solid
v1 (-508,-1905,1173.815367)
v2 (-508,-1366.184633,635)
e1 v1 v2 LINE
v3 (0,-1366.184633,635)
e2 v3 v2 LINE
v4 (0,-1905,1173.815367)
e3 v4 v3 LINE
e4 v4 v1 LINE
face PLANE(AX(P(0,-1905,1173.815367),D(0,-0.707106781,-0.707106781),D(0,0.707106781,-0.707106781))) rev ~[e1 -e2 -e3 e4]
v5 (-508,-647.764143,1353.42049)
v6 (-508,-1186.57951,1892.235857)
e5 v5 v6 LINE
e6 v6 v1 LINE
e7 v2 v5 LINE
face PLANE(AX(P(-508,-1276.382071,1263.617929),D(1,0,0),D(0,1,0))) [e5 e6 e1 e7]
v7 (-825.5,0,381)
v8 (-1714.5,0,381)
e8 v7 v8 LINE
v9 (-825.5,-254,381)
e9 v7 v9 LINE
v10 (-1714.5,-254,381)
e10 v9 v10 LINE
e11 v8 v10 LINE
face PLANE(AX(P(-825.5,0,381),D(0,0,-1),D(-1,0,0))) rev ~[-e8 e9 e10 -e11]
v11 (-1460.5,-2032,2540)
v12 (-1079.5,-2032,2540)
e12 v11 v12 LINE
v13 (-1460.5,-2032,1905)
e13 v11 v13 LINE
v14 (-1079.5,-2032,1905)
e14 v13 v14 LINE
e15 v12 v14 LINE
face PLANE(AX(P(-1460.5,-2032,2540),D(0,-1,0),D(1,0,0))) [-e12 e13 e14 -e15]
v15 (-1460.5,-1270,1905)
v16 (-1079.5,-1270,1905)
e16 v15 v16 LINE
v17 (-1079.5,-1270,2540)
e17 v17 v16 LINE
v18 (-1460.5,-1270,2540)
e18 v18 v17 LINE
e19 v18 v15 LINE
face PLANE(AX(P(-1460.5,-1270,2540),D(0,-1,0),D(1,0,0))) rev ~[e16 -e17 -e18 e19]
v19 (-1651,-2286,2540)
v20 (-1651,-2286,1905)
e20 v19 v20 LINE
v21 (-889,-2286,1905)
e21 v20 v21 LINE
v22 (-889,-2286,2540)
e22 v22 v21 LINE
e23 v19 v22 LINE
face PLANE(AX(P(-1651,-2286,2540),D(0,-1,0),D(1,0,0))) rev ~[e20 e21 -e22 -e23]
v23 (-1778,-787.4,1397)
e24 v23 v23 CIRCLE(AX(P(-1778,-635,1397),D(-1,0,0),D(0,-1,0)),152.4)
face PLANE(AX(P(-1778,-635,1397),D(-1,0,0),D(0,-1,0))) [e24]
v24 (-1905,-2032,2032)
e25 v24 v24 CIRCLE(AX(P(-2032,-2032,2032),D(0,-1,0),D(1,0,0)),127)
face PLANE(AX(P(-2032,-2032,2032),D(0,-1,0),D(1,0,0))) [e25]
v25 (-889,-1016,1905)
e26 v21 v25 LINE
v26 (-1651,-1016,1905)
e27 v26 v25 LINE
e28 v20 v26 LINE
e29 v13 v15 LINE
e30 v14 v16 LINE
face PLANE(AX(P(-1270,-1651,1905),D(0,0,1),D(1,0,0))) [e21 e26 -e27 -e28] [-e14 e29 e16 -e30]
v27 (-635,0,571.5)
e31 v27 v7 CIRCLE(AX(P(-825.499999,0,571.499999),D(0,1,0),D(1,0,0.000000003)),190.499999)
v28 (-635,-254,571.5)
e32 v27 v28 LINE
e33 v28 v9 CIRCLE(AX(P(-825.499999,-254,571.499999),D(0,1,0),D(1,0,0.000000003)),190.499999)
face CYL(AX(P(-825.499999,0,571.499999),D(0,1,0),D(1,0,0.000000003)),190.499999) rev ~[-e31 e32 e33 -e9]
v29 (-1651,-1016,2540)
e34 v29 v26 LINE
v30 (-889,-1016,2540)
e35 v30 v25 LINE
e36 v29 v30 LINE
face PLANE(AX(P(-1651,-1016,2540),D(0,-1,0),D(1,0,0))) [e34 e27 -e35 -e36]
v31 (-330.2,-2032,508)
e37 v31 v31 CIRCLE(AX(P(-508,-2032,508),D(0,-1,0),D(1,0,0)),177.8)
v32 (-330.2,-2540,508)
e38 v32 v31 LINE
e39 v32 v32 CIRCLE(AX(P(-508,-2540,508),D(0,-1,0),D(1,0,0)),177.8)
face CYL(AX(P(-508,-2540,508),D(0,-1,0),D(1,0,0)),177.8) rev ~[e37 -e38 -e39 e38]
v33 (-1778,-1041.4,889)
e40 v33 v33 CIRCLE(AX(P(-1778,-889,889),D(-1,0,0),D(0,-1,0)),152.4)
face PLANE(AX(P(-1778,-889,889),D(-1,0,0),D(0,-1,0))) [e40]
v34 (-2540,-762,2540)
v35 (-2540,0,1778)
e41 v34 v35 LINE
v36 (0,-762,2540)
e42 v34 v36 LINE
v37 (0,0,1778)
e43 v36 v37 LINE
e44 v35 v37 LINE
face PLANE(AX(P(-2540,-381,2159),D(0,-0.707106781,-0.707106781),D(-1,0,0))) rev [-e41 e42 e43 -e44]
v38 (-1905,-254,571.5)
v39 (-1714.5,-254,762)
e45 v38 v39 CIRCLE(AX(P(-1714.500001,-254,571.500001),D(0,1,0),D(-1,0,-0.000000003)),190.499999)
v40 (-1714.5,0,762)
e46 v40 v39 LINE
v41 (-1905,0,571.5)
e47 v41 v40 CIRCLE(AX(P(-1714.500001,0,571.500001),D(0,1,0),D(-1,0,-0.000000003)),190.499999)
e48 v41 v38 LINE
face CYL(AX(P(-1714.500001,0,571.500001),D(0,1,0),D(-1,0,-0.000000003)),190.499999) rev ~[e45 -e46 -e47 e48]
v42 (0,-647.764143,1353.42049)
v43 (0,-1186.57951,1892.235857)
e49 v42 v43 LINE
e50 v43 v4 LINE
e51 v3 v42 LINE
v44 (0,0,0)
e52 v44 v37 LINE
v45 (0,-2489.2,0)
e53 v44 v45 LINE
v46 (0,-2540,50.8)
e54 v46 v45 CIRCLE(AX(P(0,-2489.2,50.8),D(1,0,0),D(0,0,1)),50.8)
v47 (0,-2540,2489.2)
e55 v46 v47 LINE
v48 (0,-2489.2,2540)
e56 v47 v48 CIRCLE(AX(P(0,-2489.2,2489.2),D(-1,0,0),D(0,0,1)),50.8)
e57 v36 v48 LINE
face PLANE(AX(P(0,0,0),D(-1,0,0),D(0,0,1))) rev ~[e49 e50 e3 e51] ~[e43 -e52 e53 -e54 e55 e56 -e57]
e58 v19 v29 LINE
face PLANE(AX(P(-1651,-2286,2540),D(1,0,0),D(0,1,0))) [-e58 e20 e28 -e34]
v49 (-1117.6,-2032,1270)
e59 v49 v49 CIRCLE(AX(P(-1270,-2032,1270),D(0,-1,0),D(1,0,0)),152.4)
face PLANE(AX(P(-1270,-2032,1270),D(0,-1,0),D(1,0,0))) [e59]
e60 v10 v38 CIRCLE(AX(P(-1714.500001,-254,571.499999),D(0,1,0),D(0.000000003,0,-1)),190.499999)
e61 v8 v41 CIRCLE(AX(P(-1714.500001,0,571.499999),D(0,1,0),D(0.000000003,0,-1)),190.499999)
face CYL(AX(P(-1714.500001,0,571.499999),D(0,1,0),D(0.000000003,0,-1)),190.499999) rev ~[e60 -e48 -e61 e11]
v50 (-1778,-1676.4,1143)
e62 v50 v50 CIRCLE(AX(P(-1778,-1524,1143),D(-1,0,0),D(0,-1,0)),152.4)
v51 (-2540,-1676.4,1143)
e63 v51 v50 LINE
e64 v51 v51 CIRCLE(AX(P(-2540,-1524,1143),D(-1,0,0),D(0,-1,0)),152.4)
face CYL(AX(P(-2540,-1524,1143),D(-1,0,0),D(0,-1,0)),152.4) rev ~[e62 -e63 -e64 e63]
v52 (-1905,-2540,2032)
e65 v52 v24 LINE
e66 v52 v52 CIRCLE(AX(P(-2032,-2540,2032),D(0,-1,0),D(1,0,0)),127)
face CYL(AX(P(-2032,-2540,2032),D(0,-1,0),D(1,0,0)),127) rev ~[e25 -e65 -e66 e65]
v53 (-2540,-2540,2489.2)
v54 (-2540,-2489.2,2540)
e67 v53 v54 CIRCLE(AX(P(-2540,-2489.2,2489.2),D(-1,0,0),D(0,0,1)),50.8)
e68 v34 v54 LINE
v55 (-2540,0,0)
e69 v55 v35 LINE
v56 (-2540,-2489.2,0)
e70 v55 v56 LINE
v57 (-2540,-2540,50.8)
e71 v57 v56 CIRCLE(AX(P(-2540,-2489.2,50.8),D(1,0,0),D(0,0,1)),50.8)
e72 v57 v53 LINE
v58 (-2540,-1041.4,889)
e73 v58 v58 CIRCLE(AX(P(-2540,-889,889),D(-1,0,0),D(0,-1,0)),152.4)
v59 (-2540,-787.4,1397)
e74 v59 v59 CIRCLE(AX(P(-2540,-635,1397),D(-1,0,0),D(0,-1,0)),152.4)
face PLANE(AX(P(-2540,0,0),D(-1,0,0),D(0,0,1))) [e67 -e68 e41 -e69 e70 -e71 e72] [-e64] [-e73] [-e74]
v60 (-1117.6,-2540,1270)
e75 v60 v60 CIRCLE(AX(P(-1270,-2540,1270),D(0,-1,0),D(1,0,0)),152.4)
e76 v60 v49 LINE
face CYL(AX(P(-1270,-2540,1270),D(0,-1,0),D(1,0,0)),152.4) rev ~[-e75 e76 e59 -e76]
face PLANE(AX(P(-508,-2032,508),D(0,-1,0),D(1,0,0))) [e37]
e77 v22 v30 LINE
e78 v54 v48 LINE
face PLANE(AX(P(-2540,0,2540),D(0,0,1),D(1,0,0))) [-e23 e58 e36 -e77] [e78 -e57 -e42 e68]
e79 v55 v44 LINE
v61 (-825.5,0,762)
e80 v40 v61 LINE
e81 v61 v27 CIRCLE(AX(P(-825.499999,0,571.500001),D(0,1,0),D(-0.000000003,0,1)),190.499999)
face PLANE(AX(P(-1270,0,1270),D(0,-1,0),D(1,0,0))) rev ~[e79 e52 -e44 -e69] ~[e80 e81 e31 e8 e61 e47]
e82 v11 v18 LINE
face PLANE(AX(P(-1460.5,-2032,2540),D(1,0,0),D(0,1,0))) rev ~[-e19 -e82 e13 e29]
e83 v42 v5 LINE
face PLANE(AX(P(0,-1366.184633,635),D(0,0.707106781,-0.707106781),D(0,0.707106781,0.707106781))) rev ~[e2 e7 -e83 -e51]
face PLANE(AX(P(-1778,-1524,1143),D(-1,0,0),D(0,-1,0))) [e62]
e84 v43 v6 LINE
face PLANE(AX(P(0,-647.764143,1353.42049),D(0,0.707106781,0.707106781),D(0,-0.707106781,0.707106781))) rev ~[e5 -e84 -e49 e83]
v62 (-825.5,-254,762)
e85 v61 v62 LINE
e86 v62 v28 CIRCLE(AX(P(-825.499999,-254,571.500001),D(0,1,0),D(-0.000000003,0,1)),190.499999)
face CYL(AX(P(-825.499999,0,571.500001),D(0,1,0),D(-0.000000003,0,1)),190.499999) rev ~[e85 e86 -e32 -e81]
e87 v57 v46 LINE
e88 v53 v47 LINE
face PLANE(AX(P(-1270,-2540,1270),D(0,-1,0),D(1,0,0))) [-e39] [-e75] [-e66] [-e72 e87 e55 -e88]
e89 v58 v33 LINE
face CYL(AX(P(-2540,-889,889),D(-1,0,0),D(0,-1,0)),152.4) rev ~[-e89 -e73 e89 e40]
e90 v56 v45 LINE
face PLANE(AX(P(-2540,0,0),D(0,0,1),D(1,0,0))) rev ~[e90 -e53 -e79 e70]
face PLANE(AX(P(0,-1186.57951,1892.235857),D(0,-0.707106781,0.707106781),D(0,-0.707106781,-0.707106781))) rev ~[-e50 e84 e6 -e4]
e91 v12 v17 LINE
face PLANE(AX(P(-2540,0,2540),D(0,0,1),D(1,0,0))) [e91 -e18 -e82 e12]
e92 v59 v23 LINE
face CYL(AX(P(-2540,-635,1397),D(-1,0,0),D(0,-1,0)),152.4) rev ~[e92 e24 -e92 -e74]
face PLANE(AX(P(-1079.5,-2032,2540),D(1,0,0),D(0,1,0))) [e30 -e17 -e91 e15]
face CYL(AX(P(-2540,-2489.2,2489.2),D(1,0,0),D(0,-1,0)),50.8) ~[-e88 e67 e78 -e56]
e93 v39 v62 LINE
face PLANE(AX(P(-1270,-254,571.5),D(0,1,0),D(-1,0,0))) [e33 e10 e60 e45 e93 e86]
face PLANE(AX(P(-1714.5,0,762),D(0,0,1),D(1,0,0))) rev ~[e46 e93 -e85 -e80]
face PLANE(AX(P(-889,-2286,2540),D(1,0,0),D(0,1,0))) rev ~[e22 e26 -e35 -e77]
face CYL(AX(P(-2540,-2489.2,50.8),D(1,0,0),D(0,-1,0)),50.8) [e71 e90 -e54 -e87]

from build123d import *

# Parameters (mm, degrees)
F0_W      = 2540
F0_H      = 2540
F1_DEPTH  = 2540
F2_SIZE2  = 762
F2_SIZE   = 762
F3_W      = 762
F3_H      = 1270
F3_W_2    = 381
F3_H_2    = 762
F4_DEPTH  = 635
F6_DEPTH  = 508
F7_R      = 127
F7_R_2    = 152.4
F7_R_3    = 177.8
F8_DEPTH  = 508
F11_DEPTH = 254
F12_R     = 50.8
F13_R     = 50.8
F9_R      = 152.4
F14_DEPTH = 762


with BuildPart() as f1:
    # F0 (on Front) → F1 (new body)
    with BuildSketch(Plane.XZ):
        with Locations((-1270, 1270)):
            Rectangle(F0_W, F0_H)
    extrude(amount=F1_DEPTH)

    # F2
    f2_edges = [f1.edges().sort_by_distance(p)[0] for p in [
        (-1270, 0, 2540),
    ]]
    chamfer(f2_edges, length=F2_SIZE, length2=F2_SIZE2)

    # F3 (on face) → F4 (cut)
    with BuildSketch(Plane.XY.offset(2540)):
        with Locations((-1270, -1651)):
            Rectangle(F3_W, F3_H)
        with Locations((-1270, -1651)):
            Rectangle(F3_W_2, F3_H_2, mode=Mode.SUBTRACT)
    extrude(amount=-F4_DEPTH, mode=Mode.SUBTRACT)

    # F5 (on face) → F6 (cut)
    with BuildSketch(Plane.YZ):
        Polygon((-647.764143, 1353.42049), (-1186.57951, 1892.235857), (-1905, 1173.815367), (-1366.184633, 635), align=None)
    extrude(amount=-F6_DEPTH, mode=Mode.SUBTRACT)

    # F7 (on face) → F8 (cut)
    with BuildSketch(Plane.XZ.offset(2540)):
        with Locations((-2032, 2032)):
            Circle(F7_R)
        with Locations((-1270, 1270)):
            Circle(F7_R_2)
        with Locations((-508, 508)):
            Circle(F7_R_3)
    extrude(amount=-F8_DEPTH, mode=Mode.SUBTRACT)

    # F10 (on face) → F11 (cut)
    with BuildSketch(Plane(origin=(0, 0, 0), x_dir=(-1, 0, 0), z_dir=(0, 1, 0))):
        with BuildLine():
            Line((1714.5, 762), (825.5, 762))
            ThreePointArc((825.5, 762), (690.796158, 706.203842), (635, 571.5))
            ThreePointArc((635, 571.5), (690.796158, 436.796158), (825.5, 381))
            Line((825.5, 381), (1714.5, 381))
            ThreePointArc((1714.5, 381), (1849.203842, 436.796158), (1905, 571.5))
            ThreePointArc((1905, 571.5), (1849.203842, 706.203842), (1714.5, 762))
        make_face()
    extrude(amount=-F11_DEPTH, mode=Mode.SUBTRACT)

    # F12
    f12_edges = [f1.edges().sort_by_distance(p)[0] for p in [
        (-1270, -2540, 0),
    ]]
    fillet(f12_edges, radius=F12_R)

    # F13
    f13_edges = [f1.edges().sort_by_distance(p)[0] for p in [
        (-1270, -2540, 2540),
    ]]
    fillet(f13_edges, radius=F13_R)

    # F9 (on face) → F14 (cut)
    with BuildSketch(Plane(origin=(-2540, 0, 0), x_dir=(0, -1, 0), z_dir=(-1, 0, 0))):
        with Locations((635, 1397)):
            Circle(F9_R)
        with Locations((889, 889)):
            Circle(F9_R)
        with Locations((1524, 1143)):
            Circle(F9_R)
    extrude(amount=-F14_DEPTH, mode=Mode.SUBTRACT)


solid = f1.part
